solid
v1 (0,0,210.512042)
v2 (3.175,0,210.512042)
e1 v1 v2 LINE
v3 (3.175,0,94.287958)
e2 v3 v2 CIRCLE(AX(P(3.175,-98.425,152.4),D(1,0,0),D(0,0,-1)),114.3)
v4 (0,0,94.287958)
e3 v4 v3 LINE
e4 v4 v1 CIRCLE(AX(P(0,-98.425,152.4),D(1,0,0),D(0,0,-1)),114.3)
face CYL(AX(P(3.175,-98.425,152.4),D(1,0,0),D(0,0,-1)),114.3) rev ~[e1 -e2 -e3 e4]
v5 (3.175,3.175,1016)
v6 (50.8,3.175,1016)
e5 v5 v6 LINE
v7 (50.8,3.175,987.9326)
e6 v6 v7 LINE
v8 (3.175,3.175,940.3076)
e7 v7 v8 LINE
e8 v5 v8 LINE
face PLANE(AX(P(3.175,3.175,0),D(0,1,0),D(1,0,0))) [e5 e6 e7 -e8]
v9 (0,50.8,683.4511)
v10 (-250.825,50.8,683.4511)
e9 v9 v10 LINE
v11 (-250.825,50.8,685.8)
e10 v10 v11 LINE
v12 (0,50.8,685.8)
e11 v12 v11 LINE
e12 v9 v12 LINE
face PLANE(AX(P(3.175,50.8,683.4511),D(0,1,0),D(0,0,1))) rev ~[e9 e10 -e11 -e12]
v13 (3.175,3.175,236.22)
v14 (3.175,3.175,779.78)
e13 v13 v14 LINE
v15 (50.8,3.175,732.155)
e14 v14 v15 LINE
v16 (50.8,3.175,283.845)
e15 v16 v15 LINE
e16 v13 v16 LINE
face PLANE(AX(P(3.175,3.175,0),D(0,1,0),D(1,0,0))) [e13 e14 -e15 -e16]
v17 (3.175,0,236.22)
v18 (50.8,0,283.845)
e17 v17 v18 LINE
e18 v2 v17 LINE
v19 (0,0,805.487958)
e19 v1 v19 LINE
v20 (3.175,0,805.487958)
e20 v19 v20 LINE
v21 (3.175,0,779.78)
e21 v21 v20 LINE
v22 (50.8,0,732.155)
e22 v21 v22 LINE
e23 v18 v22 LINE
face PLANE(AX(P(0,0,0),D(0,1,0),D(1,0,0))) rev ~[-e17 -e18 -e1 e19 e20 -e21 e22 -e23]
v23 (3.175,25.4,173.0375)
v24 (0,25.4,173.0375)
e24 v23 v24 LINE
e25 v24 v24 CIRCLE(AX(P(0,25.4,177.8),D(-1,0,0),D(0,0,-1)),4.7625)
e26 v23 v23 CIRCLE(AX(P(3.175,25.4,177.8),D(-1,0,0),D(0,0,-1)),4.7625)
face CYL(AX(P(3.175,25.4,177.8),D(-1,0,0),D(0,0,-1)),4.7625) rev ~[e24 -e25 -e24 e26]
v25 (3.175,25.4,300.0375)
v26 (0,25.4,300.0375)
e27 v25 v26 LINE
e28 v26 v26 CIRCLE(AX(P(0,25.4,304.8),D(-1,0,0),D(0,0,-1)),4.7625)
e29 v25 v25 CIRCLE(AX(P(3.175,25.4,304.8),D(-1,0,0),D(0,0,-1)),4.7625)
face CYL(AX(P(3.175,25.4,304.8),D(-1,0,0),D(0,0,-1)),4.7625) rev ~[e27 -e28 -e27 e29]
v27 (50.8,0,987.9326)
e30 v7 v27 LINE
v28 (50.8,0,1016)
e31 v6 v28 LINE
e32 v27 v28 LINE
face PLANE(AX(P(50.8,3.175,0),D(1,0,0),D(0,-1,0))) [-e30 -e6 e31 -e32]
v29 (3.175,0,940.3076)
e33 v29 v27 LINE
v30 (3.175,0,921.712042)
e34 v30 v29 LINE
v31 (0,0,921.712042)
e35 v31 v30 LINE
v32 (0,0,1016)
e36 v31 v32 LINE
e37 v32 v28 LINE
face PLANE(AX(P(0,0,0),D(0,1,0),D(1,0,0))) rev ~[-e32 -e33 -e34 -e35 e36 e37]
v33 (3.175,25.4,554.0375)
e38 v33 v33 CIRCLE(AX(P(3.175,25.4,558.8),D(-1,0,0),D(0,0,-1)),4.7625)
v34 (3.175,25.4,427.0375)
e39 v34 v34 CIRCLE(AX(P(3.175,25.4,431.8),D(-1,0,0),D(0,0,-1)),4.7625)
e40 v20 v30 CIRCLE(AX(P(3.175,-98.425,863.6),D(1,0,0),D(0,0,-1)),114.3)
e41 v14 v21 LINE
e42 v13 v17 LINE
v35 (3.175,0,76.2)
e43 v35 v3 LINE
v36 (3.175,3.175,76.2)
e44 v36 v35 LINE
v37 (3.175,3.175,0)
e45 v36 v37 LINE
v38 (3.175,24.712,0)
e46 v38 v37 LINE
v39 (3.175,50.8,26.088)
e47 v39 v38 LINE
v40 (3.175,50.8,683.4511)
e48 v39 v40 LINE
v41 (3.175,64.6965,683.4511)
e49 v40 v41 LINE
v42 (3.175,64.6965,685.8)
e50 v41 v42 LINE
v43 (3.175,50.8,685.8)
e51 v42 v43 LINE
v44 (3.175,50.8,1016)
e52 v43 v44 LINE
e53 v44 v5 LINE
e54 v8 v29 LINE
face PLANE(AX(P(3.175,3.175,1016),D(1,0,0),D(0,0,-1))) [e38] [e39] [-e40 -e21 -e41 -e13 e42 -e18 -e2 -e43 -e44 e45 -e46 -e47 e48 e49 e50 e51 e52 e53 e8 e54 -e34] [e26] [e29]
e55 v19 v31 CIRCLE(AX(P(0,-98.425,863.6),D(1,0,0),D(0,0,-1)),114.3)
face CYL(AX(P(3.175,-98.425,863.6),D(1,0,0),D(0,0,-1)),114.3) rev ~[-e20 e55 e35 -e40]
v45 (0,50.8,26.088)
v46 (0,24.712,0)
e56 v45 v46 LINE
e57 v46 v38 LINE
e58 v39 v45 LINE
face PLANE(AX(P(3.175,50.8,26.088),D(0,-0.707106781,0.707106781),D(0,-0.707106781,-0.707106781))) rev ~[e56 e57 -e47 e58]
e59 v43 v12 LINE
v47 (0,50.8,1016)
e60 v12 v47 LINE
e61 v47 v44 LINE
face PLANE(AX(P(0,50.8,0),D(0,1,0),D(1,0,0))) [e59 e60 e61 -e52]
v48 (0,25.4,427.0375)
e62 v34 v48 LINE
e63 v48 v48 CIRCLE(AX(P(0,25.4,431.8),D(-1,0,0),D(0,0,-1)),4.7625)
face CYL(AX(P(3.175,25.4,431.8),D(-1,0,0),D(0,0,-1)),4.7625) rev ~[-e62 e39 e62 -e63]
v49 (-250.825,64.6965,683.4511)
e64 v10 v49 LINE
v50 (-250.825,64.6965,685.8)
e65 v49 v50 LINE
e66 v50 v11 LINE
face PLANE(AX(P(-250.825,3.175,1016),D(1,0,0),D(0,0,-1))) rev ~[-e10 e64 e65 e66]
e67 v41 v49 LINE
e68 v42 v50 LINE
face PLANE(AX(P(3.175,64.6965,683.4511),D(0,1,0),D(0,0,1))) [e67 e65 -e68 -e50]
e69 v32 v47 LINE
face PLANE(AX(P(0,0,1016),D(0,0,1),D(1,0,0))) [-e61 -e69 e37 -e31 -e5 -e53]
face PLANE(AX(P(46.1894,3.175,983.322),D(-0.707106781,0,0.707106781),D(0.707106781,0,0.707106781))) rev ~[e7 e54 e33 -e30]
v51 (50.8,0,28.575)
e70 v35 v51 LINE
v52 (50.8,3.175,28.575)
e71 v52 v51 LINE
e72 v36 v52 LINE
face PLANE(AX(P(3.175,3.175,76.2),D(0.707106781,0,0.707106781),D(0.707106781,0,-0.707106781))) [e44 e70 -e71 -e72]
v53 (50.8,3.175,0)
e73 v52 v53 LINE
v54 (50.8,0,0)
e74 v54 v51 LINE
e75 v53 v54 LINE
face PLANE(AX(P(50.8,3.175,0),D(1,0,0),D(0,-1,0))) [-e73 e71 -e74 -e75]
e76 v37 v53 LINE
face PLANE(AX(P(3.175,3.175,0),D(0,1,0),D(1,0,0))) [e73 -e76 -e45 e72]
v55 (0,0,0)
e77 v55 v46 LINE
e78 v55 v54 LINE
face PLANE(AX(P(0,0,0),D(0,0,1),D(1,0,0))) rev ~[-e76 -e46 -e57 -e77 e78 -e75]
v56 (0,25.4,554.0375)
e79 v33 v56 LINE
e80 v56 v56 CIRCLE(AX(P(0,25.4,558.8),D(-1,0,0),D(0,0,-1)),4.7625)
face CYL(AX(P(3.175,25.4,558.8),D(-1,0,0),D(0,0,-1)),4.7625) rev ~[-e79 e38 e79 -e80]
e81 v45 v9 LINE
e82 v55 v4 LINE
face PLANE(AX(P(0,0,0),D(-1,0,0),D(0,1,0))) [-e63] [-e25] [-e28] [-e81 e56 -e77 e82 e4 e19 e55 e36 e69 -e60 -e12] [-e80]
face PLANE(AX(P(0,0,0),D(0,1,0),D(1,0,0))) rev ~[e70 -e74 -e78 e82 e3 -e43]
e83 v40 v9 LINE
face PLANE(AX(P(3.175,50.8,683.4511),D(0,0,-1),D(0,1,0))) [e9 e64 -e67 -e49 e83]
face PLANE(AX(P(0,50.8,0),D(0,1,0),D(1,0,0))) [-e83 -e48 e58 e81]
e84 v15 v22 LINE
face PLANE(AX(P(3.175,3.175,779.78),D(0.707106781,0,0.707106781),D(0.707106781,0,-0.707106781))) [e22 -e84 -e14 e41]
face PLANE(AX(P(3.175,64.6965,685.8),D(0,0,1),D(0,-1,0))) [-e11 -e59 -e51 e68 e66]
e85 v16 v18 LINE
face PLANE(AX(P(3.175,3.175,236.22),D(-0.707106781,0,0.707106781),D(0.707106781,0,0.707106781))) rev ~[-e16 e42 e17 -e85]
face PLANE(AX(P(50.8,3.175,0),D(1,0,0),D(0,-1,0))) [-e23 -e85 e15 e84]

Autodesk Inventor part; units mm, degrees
ref_plane "YZ Plane" through (0, 0, 0) normal (1, 0, 0) x (0, 1, 0)
ref_plane "XZ Plane" through (0, 0, 0) normal (0, 1, 0) x (-1, 0, 0)
ref_plane "XY Plane" through (0, 0, 0) normal (0, 0, 1) x (1, 0, 0)
sketch "Sketch1" plane through (0, 0, 0) normal (0, 0, 1) x (1, 0, 0)
  line L0 (0, 0) -> (0, 50.8)
  line L1 (0, 0) -> (50.8, 0)
  line L2 (3.175, 50.8) -> (3.175, 3.175)
  line L3 (3.175, 3.175) -> (50.8, 3.175)
  line L4 (0, 50.8) -> (3.175, 50.8)
  line L5 (50.8, 3.175) -> (50.8, 0)
  dimension "d0" = 50.8
  dimension "d1" = 50.8
  dimension "d2" = 3.175
extrude "Extrusion1" add sketch "Sketch1" along normal blind 1016
sketch "Sketch2" plane through (3.175, 3.175, 0) normal (0, 1, 0) x (1, 0, 0)
  line L0 (-3.175, 0) -> (-3.175, -1016) projected
  line L1 (47.625, -1016) -> (-3.175, -1016)
  line L2 (-3.175, -1016) -> (-3.175, -990.6)
  line L3 (-3.175, -990.6) -> (47.625, -990.6)
  line L4 (47.625, -990.6) -> (47.625, -1016)
  line L5 (0, 0) -> (0, -1016) projected
  line L6 (47.625, 0) -> (47.625, -1016) projected
  line L7 (0, -990.6) -> (47.625, -990.6)
  line L8 (47.625, -990.6) -> (47.625, -830.58)
  line L9 (47.625, -830.58) -> (0, -830.58)
  line L10 (0, -830.58) -> (0, -990.6)
  line L11 (47.625, 0) -> (0, 0)
  line L12 (0, 0) -> (0, -25.4)
  line L13 (0, -25.4) -> (47.625, -25.4)
  line L14 (47.625, -25.4) -> (47.625, 0)
  line L15 (47.625, -25.4) -> (0, -25.4)
  line L16 (0, -25.4) -> (0, -185.42)
  line L17 (0, -185.42) -> (47.625, -185.42)
  line L18 (47.625, -185.42) -> (47.625, -25.4)
  dimension "d5" = 25.4
  dimension "d6" = 160.02
  dimension "d7" = 25.4
  dimension "d8" = 160.02
extrude "Extrusion2" cut sketch "Sketch2" against normal blind 1016 contours L5 L9 L6 L3 | L5 L13 L6 L17
sketch "Sketch5" plane through (3.175, 3.175, 185.42) normal (0, 1, 0) x (1, 0, 0)
  line L0 (47.625, 0) -> (47.625, -645.16) projected
  line L1 (0, 0) -> (47.625, 0)
  line L2 (47.625, 0) -> (47.625, -50.8)
  line L3 (47.625, -50.8) -> (0, -50.8)
  line L4 (0, -50.8) -> (0, 0)
  line L5 (0, 0) -> (0, -645.16) projected
  line L6 (47.625, -645.16) -> (0, -645.16)
  line L7 (0, -645.16) -> (0, -594.36)
  line L8 (0, -594.36) -> (47.625, -594.36)
  line L9 (47.625, -594.36) -> (47.625, -645.16)
  point P0 (-3.175, 185.42)
  dimension "d21" = 50.8
  dimension "d22" = 50.8
extrude "Extrusion4" cut sketch "Sketch5" against normal blind 1016 contours L0 L3 L4 L1 | L0 L6 L5 L8
sketch "Sketch6" plane through (3.175, 3.175, 0) normal (1, 0, 0) x (0, 0, -1)
  circle A0 centre (-152.4, -101.6) radius 114.3
  circle A1 centre (-863.6, -101.6) radius 114.3
  point P0 (0, -3.175)
  dimension "d25" = 228.6
extrude "Extrusion5" cut sketch "Sketch6" against normal blind 1016
sketch "Sketch7" plane through (3.175, 3.175, 1016) normal (0, 1, 0) x (1, 0, 0)
  line L0 (0, 990.6) -> (0, 921.712) projected
  line L1 (47.625, 990.6) -> (0, 990.6)
  line L2 (0, 990.6) -> (0, 939.8)
  line L3 (0, 939.8) -> (47.625, 939.8)
  line L4 (47.625, 939.8) -> (47.625, 990.6)
  line L5 (0, 94.288) -> (0, 25.4) projected
  line L6 (47.625, 24.8924) -> (0, 24.8924)
  line L7 (0, 24.8924) -> (0, 75.6924)
  line L8 (0, 75.6924) -> (47.625, 75.6924)
  line L9 (47.625, 75.6924) -> (47.625, 24.8924)
  point P0 (-3.175, 1016)
  dimension "d28" = 50.8
  dimension "d29" = 50.8
extrude "Extrusion6" add sketch "Sketch7" against normal blind 3.175
sketch "Sketch8" plane through (3.175, 3.175, 0) normal (1, 0, 0) x (0, 0, -1)
  line L0 (0, 47.625) -> (-1016, 47.625) projected
  line L1 (-26.088, 47.625) -> (2.2813, 19.2557)
  line L2 (-26.088, 47.625) -> (14.0323, 47.625) construction
  line L3 (2.2813, 19.2557) -> (0, 47.625)
  line L4 (0, 47.625) -> (-26.088, 47.625)
  point P0 (0, -3.175)
  dimension "d32" = 45
extrude "Extrusion7" cut sketch "Sketch8" against normal blind 3.175
sketch "Sketch9" plane through (3.175, 3.175, 1016) normal (1, 0, 0) x (0, 0, -1)
  line L0 (989.912, 47.625) -> (0, 47.625) projected
  line L1 (330.2, 47.625) -> (330.2, -3.175)
  point P0 (1016, -3.175)
  point P1 (330.2, 23.8125)
  point P2 (838.2, 22.225)
  point P3 (711.2, 22.225)
  point P4 (584.2, 22.225)
  point P5 (457.2, 22.225)
hole "Hole2" at (3.175, 25.4, 177.8) at (3.175, 25.4, 304.8) at (3.175, 25.4, 431.8) at (3.175, 25.4, 558.8) direction (-1, 0, 0) diameter 9.525 end through all
sketch "Sketch10" plane through (3.175, 3.175, 1016) normal (0, 1, 0) x (1, 0, 0)
  line L0 (0, 75.6924) -> (43.0144, 32.678)
  line L1 (0, 75.6924) -> (60.8315, 75.6924) construction
  line L2 (43.0144, 32.678) -> (47.625, 28.0674)
  line L3 (47.625, 75.6924) -> (47.625, 0) projected
  line L4 (47.625, 75.6924) -> (0, 75.6924)
  line L5 (0, 94.288) -> (0, 75.6924) projected
  line L6 (0, 236.22) -> (70.4888, 306.7088)
  line L7 (0, 236.22) -> (99.6862, 236.22) construction
  line L8 (70.4888, 306.7088) -> (70.4888, 236.22)
  line L9 (70.4888, 236.22) -> (0, 236.22)
  line L10 (0, 779.78) -> (0, 236.22) projected
  line L11 (0, 779.78) -> (47.625, 732.155)
  line L12 (47.625, 732.155) -> (47.625, 779.78)
  line L13 (47.625, 779.78) -> (47.625, 236.22) projected
  line L14 (47.625, 779.78) -> (0, 779.78)
  line L15 (0, 939.8) -> (47.625, 987.425)
  line L16 (47.625, 1016) -> (47.625, 939.8) projected
  line L17 (47.625, 939.8) -> (0, 939.8)
  point P0 (-3.175, 1016)
  dimension "d42" = 45
  dimension "d43" = 45
extrude "Extrusion8" cut sketch "Sketch10" against normal blind 25.4 contours L4 L3 L2 L0 | L6 L13 L9 | L6 L8 L9 L13 | L14 L12 L11 | L15 L16 L17
sketch "Sketch11" plane through (3.175, 3.175, 1016) normal (1, 0, 0) x (0, 0, -1)
  line L0 (989.912, 47.625) -> (0, 47.625) projected
  line L1 (330.2, 47.625) -> (332.5489, 47.625)
  line L2 (332.5489, 47.625) -> (332.5489, 61.5215)
  line L3 (332.5489, 61.5215) -> (330.2, 61.5215)
  line L4 (330.2, 61.5215) -> (330.2, 47.625)
  point P0 (1016, -3.175)
extrude "Extrusion9" add sketch "Sketch11" against normal blind 254
properties part number "Conveyor Support"
